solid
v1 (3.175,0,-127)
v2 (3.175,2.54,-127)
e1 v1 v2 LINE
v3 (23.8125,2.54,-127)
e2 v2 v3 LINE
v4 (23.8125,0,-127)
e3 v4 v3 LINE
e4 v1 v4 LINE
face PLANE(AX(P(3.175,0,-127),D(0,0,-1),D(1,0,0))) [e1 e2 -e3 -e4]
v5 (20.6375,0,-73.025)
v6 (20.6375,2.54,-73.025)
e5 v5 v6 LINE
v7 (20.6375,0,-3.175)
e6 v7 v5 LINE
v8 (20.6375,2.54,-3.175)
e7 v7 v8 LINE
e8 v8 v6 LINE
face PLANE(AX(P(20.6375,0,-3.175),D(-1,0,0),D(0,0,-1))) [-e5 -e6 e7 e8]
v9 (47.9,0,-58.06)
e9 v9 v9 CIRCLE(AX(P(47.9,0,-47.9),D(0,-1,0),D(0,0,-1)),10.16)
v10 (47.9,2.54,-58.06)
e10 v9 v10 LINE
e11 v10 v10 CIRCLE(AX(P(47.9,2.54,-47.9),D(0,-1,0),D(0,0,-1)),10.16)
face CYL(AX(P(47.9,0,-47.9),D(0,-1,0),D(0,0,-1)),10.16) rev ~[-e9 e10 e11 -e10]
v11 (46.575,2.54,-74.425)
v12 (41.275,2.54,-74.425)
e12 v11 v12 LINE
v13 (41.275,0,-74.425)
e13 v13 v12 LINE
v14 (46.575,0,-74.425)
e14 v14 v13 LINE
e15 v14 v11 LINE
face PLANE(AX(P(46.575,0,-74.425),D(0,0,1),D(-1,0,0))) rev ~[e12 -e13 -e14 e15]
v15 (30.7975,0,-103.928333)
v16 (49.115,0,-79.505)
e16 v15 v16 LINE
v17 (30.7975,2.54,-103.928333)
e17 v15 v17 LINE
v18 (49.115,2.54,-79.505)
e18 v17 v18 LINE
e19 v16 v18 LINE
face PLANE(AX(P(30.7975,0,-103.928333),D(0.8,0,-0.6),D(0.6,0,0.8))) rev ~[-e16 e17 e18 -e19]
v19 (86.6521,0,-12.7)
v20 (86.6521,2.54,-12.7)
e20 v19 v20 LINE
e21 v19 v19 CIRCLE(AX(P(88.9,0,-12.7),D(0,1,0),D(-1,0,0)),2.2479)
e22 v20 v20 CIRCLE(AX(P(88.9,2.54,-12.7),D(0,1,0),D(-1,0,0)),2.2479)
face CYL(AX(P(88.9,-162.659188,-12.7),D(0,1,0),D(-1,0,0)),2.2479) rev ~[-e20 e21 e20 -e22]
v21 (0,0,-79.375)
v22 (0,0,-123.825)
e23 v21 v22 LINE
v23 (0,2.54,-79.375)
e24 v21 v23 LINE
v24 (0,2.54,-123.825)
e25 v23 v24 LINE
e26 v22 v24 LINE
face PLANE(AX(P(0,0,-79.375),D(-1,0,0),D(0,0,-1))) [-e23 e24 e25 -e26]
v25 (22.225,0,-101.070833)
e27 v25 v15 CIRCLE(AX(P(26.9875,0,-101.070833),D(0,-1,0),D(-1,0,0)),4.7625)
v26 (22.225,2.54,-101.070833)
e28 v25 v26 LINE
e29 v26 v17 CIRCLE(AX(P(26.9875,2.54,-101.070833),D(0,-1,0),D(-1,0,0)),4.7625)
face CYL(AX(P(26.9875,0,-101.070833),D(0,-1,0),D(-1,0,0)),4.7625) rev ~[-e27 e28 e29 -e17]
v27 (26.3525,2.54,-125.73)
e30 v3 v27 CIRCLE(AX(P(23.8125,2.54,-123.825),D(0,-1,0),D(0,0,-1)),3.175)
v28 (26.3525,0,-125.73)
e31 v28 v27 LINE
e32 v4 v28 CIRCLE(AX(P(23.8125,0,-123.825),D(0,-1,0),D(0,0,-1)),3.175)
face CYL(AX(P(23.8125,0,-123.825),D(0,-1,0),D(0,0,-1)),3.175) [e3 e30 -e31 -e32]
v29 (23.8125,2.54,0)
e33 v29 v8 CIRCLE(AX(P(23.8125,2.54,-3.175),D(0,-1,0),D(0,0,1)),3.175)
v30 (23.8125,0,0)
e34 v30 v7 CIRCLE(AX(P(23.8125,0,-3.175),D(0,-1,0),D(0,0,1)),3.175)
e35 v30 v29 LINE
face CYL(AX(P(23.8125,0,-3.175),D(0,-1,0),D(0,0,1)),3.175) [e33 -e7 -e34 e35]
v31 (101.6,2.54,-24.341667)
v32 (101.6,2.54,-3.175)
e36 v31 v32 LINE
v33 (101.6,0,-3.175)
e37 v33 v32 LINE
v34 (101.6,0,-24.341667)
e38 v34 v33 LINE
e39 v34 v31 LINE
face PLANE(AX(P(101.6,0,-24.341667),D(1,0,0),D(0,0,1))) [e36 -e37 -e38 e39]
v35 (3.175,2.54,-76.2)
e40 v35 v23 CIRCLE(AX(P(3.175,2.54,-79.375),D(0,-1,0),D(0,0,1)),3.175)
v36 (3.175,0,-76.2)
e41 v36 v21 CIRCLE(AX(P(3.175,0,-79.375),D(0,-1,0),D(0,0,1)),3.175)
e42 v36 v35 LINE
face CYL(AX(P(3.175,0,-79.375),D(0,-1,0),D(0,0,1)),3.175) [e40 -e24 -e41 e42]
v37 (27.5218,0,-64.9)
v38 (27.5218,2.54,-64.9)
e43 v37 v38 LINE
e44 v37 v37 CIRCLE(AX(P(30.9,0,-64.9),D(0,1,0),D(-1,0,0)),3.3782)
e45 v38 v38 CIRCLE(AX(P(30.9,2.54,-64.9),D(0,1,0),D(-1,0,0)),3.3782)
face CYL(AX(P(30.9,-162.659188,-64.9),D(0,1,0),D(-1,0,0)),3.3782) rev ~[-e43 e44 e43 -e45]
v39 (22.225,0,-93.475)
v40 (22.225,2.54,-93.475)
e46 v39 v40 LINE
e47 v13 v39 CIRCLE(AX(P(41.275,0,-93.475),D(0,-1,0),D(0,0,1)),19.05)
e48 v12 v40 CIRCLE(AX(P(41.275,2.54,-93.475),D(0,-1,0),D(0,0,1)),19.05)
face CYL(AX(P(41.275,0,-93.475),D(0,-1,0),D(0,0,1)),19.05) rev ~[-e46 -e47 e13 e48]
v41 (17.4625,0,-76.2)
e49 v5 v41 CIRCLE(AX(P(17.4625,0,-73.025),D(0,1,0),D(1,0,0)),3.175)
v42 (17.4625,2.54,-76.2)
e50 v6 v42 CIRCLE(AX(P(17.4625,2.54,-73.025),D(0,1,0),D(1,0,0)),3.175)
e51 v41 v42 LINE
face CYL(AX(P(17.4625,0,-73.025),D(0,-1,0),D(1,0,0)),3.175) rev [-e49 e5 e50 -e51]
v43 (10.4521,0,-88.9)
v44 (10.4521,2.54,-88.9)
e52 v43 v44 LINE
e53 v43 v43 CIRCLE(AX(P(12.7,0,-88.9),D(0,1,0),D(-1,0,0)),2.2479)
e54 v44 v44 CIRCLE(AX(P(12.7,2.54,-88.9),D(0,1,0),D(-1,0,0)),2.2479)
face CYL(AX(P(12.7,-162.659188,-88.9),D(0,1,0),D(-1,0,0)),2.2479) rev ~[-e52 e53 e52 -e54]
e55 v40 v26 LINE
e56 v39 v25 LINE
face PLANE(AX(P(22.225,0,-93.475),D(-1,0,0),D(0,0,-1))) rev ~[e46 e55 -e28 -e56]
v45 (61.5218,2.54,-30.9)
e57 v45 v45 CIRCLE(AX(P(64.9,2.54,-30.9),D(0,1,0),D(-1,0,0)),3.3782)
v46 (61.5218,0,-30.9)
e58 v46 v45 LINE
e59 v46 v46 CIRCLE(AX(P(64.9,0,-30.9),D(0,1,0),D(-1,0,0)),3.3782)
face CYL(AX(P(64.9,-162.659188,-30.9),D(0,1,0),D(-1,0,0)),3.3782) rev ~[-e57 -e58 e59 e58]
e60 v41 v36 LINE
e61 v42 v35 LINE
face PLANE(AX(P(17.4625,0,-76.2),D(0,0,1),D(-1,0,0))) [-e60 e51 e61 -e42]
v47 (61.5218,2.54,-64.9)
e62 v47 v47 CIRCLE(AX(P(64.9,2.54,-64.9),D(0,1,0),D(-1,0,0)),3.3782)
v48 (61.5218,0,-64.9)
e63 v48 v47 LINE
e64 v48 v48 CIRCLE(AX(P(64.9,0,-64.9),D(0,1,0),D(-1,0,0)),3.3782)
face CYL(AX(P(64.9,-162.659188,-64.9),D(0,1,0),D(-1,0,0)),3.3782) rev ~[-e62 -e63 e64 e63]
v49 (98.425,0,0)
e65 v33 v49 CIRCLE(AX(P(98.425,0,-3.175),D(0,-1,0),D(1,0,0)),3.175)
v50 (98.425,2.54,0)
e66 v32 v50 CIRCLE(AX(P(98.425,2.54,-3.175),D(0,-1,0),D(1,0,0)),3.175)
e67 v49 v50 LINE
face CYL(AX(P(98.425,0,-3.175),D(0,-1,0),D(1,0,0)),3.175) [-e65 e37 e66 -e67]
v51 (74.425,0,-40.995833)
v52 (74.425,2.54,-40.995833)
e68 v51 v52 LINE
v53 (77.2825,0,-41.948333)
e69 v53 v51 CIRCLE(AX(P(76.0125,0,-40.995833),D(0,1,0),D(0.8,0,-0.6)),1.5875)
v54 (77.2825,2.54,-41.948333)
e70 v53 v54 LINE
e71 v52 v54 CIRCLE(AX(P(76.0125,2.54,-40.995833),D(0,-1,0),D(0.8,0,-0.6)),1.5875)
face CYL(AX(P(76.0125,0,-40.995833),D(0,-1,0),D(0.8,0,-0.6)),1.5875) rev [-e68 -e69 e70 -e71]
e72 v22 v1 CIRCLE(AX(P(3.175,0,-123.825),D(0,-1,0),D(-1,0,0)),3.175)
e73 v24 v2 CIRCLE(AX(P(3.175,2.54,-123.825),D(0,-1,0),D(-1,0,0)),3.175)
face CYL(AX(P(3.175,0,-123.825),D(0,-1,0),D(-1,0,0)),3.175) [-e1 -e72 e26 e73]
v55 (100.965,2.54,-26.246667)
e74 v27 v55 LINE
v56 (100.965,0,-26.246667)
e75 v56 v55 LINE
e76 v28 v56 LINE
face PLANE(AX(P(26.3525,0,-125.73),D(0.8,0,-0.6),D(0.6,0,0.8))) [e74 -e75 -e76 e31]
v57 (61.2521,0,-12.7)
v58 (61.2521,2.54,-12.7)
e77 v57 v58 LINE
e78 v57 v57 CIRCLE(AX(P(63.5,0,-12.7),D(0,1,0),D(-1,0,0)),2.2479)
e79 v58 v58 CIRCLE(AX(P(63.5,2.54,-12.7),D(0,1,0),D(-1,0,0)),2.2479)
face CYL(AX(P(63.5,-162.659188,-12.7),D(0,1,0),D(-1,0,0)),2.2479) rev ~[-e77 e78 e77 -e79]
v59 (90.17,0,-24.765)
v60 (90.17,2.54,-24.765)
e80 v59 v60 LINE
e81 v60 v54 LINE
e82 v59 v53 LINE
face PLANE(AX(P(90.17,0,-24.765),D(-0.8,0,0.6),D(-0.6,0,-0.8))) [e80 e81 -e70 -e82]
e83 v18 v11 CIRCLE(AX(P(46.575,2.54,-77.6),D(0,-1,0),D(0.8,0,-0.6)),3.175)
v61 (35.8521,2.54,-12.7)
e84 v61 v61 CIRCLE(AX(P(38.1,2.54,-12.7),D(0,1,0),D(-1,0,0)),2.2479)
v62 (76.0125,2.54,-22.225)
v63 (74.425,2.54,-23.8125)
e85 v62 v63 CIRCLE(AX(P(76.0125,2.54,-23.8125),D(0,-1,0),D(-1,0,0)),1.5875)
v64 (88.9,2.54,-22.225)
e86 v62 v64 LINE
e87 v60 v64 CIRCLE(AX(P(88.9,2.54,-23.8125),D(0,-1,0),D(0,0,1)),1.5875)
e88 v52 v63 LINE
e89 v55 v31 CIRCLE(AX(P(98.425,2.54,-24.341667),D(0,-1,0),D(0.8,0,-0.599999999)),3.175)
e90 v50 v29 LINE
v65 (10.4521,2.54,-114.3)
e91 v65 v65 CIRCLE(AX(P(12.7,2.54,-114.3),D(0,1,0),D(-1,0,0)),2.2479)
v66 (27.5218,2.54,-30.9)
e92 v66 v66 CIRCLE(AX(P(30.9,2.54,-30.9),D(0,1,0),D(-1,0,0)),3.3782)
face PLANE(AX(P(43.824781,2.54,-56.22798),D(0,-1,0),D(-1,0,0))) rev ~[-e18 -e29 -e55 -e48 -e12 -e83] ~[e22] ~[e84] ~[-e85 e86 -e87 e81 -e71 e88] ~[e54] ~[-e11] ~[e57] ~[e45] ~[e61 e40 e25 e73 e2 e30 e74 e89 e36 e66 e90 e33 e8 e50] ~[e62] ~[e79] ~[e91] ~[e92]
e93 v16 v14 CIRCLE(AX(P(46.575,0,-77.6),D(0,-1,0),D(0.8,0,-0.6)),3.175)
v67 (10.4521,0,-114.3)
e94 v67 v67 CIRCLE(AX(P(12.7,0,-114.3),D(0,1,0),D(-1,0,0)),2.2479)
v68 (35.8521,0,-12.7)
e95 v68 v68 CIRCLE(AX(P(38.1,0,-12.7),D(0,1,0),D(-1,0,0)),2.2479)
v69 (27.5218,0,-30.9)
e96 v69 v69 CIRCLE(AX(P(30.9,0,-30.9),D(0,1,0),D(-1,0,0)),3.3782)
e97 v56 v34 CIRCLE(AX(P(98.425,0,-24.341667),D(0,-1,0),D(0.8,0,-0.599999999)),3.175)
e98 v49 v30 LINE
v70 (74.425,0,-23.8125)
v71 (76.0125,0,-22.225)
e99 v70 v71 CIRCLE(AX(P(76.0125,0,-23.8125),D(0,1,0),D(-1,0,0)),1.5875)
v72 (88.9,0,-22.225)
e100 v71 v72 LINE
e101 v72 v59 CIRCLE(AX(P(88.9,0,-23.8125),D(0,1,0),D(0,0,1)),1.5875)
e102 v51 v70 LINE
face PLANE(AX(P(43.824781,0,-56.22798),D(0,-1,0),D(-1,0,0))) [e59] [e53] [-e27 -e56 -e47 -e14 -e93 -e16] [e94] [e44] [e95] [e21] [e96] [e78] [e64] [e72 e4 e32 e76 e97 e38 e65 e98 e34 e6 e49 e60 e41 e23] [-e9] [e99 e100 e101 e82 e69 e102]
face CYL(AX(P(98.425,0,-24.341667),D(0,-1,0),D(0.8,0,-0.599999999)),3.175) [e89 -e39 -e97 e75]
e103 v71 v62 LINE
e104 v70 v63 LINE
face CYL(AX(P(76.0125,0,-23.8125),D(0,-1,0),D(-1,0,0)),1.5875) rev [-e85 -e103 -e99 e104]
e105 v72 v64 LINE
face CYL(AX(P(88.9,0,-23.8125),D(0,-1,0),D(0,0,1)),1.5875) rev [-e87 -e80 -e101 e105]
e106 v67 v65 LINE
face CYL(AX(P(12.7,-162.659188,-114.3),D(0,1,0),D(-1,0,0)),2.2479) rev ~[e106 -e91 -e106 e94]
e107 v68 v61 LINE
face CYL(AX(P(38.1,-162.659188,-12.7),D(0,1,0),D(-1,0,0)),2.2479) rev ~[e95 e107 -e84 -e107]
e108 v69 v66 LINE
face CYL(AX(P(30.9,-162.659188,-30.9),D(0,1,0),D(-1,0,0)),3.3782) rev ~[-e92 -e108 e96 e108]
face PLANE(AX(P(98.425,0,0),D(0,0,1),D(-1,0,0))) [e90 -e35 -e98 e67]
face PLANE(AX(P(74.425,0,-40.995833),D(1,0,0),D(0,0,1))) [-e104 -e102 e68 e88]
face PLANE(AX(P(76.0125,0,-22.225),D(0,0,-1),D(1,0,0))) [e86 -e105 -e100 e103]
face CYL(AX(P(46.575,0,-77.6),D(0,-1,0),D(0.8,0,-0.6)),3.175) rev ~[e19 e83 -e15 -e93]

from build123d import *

# Parameters (mm, degrees)
BOSS_EXTRUDE1_DEPTH     = 2.54
F_8_CLEARANCE_HOLE1_D   = 4.4958
F_1_4_CLEARANCE_HOLE1_D = 6.7564
SKETCH6_R               = 10.16
CUT_EXTRUDE1_DEPTH      = 163.659188489


with BuildPart() as part:
    # Sketch1 → Boss-Extrude1 (new body)
    with BuildSketch(Plane(origin=(0, 0, 0), x_dir=(1, 0, 0), z_dir=(0, 1, 0))):
        with BuildLine():
            Line((26.3525, 125.73), (100.965, 26.246666667))
            ThreePointArc((100.965, 26.246666667), (101.437069471, 25.345689824), (101.6, 24.341666667))
            Line((101.6, 24.341666667), (101.6, 3.175))
            ThreePointArc((101.6, 3.175), (100.67006403, 0.92993597), (98.425, 0))
            Line((98.425, 0), (23.8125, 0))
            ThreePointArc((23.8125, 0), (21.56743597, 0.92993597), (20.6375, 3.175))
            Line((20.6375, 3.175), (20.6375, 73.025))
            ThreePointArc((20.6375, 73.025), (19.70756403, 75.27006403), (17.4625, 76.2))
            Line((17.4625, 76.2), (3.175, 76.2))
            ThreePointArc((3.175, 76.2), (0.92993597, 77.12993597), (0, 79.375))
            Line((0, 79.375), (0, 123.825))
            ThreePointArc((0, 123.825), (0.92993597, 126.07006403), (3.175, 127))
            Line((3.175, 127), (23.8125, 127))
            ThreePointArc((23.8125, 127), (25.232403166, 126.664806331), (26.3525, 125.73))
        make_face()
    extrude(amount=BOSS_EXTRUDE1_DEPTH)

    # #8 Clearance Hole1 (through all)
    with Locations(Plane.XZ):
        with Locations((38.1, -12.7), (63.5, -12.7), (88.9, -12.7), (12.7, -88.9), (12.7, -114.3)):
            Hole(F_8_CLEARANCE_HOLE1_D / 2)

    # 1/4 Clearance Hole1 (through all)
    with Locations(Plane.XZ):
        with Locations((30.9, -64.9), (30.9, -30.9), (64.9, -30.9), (64.9, -64.9)):
            Hole(F_1_4_CLEARANCE_HOLE1_D / 2)

    # Sketch6 → Cut-Extrude1 (cut, through all)
    with BuildSketch(Plane.XZ):
        with Locations(Location((47.9, -47.9, 0), (0, 0, 270))):
            Circle(SKETCH6_R)
        with BuildLine():
            Line((76.0125, -22.225), (88.9, -22.225))
            ThreePointArc((88.9, -22.225), (90.319903166, -23.102548417), (90.17, -24.765))
            Line((90.17, -24.765), (77.2825, -41.948333333))
            ThreePointArc((77.2825, -41.948333333), (75.510488421, -42.501868069), (74.425, -40.995833333))
            Line((74.425, -40.995833333), (74.425, -23.8125))
            ThreePointArc((74.425, -23.8125), (74.889967985, -22.689967985), (76.0125, -22.225))
        make_face()
        with BuildLine():
            Line((30.7975, -103.928333333), (49.115, -79.505))
            ThreePointArc((49.115, -79.505), (49.414806331, -76.180096834), (46.575, -74.425))
            Line((46.575, -74.425), (41.275, -74.425))
            ThreePointArc((41.275, -74.425), (27.804615818, -80.004615818), (22.225, -93.475))
            Line((22.225, -93.475), (22.225, -101.070833333))
            ThreePointArc((22.225, -101.070833333), (25.481465264, -105.58893754), (30.7975, -103.928333333))
        make_face()
    extrude(amount=-CUT_EXTRUDE1_DEPTH, mode=Mode.SUBTRACT)


solid = part.part
